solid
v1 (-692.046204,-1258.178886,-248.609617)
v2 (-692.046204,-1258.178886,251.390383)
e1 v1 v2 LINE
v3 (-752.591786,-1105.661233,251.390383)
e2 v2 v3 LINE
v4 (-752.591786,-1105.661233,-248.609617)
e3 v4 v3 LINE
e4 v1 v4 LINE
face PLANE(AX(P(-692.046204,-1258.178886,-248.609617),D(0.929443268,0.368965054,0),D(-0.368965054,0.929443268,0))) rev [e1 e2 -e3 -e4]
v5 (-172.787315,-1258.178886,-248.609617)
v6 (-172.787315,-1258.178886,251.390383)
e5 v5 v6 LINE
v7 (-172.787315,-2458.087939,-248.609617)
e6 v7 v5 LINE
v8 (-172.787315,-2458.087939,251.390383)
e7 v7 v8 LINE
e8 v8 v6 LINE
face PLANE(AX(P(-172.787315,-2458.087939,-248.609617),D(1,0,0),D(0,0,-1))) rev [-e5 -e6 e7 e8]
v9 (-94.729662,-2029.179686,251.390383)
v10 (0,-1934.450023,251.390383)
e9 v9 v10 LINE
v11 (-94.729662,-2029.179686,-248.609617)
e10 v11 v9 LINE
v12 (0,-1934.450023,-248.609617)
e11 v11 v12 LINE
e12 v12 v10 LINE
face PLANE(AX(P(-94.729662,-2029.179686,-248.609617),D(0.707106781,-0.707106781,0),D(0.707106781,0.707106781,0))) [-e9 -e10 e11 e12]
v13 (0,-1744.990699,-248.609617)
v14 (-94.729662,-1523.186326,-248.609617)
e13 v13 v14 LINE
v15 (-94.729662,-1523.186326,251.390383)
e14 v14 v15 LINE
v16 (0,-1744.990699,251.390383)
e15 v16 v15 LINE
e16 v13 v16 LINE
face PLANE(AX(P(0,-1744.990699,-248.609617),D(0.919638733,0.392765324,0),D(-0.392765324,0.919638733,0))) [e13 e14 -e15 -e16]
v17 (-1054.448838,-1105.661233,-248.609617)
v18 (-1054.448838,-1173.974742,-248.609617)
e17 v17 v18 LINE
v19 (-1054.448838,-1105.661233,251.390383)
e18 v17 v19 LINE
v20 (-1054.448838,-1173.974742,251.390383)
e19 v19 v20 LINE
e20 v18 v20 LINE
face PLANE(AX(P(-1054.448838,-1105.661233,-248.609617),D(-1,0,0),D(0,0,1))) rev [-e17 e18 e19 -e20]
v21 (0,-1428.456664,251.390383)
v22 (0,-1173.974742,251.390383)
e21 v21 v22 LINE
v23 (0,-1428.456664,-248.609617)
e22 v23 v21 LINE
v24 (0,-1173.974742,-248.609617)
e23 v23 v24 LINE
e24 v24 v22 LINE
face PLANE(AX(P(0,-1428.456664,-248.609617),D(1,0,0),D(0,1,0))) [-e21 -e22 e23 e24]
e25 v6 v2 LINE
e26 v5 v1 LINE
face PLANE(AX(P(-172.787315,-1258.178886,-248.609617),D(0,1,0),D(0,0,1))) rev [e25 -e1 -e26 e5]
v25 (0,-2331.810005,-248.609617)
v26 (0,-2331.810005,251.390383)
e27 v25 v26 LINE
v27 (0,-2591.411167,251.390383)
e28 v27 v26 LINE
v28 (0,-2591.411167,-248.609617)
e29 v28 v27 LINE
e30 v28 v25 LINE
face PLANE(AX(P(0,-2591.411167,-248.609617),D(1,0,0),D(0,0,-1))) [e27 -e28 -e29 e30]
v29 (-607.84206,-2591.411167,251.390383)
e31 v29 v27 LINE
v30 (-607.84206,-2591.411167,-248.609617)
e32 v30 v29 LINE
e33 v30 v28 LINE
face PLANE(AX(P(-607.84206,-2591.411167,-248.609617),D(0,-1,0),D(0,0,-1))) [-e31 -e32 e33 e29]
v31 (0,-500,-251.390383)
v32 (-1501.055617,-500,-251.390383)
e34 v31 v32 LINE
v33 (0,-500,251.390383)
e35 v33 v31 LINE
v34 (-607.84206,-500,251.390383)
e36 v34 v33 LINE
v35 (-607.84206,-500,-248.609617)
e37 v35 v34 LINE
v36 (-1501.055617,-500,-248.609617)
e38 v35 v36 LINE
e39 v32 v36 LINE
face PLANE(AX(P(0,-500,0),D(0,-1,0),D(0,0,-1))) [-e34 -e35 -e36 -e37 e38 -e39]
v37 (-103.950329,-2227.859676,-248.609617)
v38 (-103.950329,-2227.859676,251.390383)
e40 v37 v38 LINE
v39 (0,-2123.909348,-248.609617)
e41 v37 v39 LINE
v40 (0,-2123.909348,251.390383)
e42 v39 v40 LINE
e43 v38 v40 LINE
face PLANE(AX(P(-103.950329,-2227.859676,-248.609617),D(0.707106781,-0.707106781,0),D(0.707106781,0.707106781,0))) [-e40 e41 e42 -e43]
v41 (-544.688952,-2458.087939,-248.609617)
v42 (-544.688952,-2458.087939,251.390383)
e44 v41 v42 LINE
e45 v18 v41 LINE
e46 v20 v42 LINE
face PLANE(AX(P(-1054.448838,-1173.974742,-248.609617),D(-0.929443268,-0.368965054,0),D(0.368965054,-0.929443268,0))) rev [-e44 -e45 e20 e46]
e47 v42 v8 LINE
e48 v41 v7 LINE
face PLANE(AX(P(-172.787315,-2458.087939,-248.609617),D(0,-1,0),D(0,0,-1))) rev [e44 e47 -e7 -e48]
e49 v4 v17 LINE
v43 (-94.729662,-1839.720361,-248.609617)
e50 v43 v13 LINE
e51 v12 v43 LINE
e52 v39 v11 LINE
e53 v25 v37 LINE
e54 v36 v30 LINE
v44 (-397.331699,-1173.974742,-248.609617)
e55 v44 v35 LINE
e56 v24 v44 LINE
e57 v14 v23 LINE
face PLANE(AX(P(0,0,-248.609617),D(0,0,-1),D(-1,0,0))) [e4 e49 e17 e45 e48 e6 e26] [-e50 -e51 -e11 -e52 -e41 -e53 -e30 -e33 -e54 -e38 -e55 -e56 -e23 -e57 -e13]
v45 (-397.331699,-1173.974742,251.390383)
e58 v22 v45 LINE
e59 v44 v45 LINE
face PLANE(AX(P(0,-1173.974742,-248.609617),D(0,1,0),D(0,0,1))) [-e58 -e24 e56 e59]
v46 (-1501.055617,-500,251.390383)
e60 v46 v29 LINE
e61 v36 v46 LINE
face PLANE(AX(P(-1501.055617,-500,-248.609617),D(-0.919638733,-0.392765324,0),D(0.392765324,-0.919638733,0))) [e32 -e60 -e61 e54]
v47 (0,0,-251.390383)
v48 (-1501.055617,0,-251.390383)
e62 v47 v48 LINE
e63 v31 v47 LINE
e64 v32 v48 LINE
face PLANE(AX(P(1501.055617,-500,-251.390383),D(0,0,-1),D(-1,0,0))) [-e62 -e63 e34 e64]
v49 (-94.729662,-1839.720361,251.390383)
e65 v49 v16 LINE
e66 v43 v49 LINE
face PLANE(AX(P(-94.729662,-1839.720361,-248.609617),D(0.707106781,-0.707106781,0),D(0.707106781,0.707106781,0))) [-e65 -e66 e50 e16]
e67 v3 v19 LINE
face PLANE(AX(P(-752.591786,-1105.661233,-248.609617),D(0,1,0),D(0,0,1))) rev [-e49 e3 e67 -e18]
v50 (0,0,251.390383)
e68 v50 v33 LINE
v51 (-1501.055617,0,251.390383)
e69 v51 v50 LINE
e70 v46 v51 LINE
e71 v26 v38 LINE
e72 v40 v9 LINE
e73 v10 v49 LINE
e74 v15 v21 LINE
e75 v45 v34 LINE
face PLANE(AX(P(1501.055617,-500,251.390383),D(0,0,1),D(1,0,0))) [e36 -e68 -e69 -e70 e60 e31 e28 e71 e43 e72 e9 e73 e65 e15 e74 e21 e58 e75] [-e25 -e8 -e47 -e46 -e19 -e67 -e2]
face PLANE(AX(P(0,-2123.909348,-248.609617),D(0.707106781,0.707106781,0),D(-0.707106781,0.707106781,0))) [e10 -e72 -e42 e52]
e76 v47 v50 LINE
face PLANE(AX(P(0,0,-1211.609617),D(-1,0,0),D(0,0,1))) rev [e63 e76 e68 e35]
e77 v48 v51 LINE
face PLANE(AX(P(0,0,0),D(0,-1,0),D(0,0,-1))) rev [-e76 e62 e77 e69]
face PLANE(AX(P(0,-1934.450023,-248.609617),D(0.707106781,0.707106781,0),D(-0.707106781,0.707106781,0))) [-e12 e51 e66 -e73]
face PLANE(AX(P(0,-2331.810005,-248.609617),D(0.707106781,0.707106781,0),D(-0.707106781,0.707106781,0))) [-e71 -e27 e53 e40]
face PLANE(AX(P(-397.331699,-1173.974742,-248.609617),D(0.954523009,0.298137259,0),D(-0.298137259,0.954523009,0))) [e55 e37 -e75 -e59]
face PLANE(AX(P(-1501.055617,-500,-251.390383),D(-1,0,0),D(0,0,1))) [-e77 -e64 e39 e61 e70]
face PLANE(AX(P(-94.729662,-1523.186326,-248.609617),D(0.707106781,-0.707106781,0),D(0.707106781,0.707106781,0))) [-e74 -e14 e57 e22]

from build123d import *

# Parameters (mm, degrees)
SKETCH6_W           = 3002.111234572
SKETCH6_H           = 502.780765014
BOSS_EXTRUDE4_DEPTH = 500
BOSS_EXTRUDE5_DEPTH = 500
SKETCH8_W           = 2223.446103774
SKETCH8_H           = 2751.374812528
CUT_EXTRUDE1_DEPTH  = 1463


with BuildPart() as part:
    # Sketch6 → Boss-Extrude4 (new body)
    with BuildSketch(Plane(origin=(0, 0, 0), x_dir=(1, 0, 0), z_dir=(0, 1, 0))):
        Rectangle(SKETCH6_W, SKETCH6_H)
    extrude(amount=-BOSS_EXTRUDE4_DEPTH)

    # Sketch7 → Boss-Extrude5 (add)
    with BuildSketch(Plane.XY.offset(251.390382507)):
        Polygon((-1501.055617286, -500), (-607.842059568, -2591.411167057), (0, -2591.411167057), (0, -2331.810005358), (-103.950328884, -2227.859676474), (0, -2123.90934759), (-94.729662068, -2029.179685522), (0, -1934.450023454), (-94.729662068, -1839.720361386), (0, -1744.990699318), (-94.729662068, -1523.186326345), (0, -1428.456664277), (0, -1173.974742038), (-397.331699416, -1173.974742038), (-607.842059568, -500), align=None)
        Polygon((-1054.448838427, -1173.974742038), (-544.688951522, -2458.087938961), (-172.787315255, -2458.087938961), (-172.787315255, -1258.178886099), (-692.046203628, -1258.178886099), (-752.591786237, -1105.661232906), (-1054.448838427, -1105.661232906), align=None, mode=Mode.SUBTRACT)
    extrude(amount=-BOSS_EXTRUDE5_DEPTH)

    # Sketch8 → Cut-Extrude1 (cut)
    with BuildSketch(Plane.XY.offset(251.390382507)):
        with Locations((1111.723051887, -1375.687406264)):
            Rectangle(SKETCH8_W, SKETCH8_H)
    extrude(amount=-CUT_EXTRUDE1_DEPTH, mode=Mode.SUBTRACT)


solid = part.part
